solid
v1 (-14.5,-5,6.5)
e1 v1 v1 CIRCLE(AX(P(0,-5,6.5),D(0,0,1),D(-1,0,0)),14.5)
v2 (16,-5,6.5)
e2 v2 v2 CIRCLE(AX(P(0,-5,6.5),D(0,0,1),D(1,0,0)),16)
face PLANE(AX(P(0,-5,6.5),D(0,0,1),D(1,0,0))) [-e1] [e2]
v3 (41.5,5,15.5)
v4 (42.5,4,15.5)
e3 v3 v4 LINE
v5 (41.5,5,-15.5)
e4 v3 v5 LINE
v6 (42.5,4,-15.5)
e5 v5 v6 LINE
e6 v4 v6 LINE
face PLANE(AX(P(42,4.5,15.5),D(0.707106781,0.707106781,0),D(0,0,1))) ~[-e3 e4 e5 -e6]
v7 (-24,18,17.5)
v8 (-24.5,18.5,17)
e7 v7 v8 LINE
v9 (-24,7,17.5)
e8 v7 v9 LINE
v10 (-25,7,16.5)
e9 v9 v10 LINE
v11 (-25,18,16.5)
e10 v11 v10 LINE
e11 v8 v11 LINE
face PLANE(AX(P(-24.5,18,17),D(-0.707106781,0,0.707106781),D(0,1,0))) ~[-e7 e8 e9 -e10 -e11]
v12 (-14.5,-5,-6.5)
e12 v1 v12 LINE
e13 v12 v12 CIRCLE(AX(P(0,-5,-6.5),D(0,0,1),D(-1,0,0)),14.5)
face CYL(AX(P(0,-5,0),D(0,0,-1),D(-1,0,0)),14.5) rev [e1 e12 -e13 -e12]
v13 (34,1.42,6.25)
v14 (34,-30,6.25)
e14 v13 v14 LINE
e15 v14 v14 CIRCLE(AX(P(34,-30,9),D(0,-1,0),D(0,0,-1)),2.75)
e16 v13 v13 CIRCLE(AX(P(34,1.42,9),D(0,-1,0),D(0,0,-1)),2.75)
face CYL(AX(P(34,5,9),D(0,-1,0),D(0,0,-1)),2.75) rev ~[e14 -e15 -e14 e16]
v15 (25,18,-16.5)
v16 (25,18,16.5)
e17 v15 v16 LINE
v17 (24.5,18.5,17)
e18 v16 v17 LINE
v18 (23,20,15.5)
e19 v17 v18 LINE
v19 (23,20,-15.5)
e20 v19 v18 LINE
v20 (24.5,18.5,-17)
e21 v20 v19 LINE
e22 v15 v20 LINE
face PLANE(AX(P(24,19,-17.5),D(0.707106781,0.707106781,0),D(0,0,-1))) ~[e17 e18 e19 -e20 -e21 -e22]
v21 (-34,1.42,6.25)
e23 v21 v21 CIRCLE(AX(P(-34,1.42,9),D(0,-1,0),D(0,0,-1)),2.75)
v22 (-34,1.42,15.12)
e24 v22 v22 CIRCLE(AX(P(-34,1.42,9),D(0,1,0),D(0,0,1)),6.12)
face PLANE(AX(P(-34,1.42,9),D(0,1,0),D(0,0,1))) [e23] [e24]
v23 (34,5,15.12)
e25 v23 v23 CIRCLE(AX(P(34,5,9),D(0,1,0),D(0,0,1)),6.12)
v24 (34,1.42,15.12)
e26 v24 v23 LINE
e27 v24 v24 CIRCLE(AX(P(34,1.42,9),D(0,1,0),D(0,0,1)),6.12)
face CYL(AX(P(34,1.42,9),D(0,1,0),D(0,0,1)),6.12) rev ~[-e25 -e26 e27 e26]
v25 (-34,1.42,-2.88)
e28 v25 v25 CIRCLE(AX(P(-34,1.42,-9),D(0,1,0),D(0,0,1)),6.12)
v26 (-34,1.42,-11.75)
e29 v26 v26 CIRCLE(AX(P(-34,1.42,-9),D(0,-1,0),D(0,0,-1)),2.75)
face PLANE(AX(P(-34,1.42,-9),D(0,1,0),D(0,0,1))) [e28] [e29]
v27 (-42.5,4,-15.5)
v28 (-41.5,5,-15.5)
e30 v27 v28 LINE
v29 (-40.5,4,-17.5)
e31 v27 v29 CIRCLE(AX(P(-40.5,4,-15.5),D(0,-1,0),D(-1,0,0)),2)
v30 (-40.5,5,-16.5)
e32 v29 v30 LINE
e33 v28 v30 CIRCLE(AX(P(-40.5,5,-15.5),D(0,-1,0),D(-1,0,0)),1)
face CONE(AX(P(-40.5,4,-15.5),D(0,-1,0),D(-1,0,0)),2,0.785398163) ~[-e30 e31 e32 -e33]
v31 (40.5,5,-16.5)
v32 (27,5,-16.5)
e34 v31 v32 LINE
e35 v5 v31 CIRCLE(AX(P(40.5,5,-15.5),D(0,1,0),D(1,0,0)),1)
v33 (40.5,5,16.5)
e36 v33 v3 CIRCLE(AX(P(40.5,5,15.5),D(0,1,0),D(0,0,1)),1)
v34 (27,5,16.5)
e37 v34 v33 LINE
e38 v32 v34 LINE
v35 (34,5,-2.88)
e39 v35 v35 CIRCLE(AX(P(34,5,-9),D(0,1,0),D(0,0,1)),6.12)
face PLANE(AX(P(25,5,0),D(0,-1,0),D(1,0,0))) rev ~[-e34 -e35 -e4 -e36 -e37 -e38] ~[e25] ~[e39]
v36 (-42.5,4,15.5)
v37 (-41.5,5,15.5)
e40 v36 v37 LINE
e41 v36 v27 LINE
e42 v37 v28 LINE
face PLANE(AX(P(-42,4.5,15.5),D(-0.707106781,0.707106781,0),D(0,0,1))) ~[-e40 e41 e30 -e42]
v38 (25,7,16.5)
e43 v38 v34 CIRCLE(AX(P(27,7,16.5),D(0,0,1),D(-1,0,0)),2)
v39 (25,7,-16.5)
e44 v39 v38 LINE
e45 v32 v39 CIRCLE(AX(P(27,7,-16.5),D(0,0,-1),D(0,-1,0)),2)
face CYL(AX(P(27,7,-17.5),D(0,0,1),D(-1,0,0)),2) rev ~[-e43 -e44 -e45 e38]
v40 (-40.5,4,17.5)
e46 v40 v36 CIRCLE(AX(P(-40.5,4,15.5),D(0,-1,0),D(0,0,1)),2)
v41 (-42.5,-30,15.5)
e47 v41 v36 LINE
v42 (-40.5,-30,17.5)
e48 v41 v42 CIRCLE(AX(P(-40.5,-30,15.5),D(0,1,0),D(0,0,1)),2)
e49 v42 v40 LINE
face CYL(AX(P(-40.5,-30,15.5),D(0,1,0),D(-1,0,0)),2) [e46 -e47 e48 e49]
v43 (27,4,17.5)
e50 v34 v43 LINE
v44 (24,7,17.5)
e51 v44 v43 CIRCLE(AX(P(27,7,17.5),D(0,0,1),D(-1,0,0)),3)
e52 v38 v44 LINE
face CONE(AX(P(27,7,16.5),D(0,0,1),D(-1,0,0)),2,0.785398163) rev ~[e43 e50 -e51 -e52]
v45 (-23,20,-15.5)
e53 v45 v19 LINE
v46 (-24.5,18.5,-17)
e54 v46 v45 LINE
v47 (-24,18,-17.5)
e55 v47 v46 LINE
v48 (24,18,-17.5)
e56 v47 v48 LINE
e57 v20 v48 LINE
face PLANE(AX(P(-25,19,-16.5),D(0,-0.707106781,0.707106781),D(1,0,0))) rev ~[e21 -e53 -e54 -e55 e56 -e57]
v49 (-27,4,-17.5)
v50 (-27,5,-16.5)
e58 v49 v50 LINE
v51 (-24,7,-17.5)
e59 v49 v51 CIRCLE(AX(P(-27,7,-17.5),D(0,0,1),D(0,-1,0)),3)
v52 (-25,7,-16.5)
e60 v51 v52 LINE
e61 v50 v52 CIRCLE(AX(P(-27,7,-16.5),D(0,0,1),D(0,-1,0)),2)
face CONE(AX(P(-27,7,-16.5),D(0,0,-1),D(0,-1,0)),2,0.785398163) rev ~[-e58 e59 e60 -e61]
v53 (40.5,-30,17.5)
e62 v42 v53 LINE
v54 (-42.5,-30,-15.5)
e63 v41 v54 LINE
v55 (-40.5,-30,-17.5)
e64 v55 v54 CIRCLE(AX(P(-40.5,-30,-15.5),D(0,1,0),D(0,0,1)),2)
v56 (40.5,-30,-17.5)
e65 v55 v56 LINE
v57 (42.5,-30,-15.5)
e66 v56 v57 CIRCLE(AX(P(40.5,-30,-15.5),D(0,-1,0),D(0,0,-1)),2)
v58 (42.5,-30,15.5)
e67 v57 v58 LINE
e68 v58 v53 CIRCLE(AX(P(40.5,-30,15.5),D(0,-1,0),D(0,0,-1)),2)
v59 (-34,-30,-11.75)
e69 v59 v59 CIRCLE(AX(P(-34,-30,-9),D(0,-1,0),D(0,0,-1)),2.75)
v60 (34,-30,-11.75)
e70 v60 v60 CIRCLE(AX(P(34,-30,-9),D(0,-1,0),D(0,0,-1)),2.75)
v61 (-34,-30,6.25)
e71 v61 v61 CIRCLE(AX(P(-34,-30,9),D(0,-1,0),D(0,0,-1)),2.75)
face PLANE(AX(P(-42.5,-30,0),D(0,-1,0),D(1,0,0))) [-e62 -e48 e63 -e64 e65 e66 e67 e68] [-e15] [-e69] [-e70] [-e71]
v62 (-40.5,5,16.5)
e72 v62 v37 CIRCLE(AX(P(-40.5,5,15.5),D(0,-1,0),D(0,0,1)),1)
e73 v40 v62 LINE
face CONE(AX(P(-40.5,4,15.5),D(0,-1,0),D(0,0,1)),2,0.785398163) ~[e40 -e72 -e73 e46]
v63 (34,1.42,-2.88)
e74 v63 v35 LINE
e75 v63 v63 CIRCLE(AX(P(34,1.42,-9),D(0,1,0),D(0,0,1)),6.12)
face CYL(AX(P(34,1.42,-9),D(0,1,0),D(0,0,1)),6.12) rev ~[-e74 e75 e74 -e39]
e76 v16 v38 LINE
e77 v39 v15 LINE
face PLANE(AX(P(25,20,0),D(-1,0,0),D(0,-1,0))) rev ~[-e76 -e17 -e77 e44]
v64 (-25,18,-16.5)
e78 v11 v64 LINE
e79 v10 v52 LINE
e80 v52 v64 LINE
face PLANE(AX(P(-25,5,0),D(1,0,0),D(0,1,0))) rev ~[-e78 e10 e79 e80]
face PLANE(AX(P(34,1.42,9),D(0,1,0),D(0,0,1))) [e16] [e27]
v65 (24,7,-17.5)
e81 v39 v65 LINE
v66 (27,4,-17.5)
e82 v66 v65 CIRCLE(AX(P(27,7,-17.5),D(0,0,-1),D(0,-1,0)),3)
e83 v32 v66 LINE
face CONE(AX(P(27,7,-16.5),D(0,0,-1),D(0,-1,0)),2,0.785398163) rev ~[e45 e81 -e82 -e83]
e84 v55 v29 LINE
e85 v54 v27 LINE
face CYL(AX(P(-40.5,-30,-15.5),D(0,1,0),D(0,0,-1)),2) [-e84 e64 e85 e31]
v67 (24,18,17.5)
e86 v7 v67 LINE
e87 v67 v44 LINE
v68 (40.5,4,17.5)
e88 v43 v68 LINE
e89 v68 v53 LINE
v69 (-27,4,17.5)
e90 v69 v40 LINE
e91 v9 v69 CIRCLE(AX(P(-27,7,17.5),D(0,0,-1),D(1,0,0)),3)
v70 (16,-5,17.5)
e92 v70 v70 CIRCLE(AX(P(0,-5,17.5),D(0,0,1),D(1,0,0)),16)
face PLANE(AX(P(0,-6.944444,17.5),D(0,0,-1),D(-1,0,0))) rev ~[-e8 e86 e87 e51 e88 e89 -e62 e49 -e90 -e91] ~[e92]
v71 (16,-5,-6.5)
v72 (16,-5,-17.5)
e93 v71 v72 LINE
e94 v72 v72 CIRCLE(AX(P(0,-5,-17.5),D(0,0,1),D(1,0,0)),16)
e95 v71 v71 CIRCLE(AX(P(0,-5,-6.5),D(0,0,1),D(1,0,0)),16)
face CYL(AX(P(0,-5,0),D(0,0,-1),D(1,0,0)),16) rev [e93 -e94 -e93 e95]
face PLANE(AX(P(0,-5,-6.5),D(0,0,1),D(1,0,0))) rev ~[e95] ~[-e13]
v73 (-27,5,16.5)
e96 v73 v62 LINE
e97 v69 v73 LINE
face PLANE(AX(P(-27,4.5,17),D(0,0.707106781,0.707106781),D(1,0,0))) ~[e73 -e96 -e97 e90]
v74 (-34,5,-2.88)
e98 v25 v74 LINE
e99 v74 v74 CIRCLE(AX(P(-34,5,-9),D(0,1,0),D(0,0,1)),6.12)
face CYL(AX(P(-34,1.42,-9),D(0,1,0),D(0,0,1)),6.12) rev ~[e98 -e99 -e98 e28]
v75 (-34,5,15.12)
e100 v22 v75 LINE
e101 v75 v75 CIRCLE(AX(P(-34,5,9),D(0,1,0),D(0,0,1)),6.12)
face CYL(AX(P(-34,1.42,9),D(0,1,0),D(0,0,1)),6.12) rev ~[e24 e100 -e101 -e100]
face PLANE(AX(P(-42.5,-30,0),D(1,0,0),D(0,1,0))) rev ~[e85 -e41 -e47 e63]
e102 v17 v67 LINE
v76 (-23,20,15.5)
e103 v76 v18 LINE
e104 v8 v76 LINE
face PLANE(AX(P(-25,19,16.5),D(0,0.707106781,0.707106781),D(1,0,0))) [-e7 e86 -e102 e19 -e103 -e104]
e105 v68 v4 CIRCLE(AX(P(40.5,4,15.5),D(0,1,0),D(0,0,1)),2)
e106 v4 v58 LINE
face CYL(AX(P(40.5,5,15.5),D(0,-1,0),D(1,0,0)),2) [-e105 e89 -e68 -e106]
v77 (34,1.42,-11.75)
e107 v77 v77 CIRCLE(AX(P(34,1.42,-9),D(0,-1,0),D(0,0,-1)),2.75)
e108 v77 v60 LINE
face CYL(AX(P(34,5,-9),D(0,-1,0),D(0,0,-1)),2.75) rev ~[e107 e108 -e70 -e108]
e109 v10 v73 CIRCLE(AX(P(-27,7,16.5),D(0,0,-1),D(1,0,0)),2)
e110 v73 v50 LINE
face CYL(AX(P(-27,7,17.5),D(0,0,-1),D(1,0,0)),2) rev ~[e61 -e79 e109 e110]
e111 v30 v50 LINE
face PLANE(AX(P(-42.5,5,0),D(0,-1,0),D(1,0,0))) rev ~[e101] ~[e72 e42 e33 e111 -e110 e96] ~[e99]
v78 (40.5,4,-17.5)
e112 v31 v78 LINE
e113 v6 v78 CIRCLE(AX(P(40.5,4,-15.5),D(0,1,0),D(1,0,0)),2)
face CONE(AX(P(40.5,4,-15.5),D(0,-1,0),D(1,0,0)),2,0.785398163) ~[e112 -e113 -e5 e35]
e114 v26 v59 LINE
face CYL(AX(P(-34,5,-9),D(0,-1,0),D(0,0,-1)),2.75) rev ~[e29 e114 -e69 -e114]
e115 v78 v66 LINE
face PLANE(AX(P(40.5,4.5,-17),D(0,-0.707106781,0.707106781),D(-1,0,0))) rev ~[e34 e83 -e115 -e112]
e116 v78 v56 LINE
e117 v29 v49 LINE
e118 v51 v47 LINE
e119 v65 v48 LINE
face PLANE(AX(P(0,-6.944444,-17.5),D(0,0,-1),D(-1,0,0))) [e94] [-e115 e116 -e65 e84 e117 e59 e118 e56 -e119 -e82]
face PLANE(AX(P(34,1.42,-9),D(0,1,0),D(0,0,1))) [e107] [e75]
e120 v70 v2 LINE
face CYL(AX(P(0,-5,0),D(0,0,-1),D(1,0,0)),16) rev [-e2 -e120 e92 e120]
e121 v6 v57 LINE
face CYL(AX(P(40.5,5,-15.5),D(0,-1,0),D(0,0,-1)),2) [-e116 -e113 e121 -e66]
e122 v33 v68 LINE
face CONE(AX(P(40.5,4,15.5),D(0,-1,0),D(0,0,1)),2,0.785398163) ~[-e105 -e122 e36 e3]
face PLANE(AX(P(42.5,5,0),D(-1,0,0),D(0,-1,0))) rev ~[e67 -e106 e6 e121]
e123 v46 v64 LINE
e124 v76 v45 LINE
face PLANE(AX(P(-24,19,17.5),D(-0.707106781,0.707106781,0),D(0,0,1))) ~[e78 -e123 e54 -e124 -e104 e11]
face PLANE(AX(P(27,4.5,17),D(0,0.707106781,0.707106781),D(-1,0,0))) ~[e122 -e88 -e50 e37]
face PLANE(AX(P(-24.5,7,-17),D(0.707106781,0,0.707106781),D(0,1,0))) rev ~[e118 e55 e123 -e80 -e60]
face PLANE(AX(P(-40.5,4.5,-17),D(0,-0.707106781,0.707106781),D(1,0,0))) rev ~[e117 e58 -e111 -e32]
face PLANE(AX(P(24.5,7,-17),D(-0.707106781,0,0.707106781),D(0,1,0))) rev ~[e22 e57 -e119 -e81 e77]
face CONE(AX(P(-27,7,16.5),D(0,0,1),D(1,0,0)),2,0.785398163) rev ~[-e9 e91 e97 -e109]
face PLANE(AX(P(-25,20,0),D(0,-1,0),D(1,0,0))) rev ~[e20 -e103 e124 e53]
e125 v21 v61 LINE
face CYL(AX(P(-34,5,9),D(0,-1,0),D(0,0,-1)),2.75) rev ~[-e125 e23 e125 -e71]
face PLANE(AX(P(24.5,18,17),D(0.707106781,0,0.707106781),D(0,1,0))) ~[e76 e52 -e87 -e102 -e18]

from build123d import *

# Parameters (mm, degrees)
SKETCH1_R                               = 16
BOSS_EXTRUDE1_DEPTH                     = 17.5
SKETCH2_R                               = 16
SKETCH2_R_2                             = 14.5
BOSS_EXTRUDE2_DEPTH                     = 6.5
SKETCH3_R                               = 2.6
CUT_EXTRUDE1_DEPTH                      = 58.771100041
CBORE_FOR_M5_HEX_HEAD_BOLT1_D           = 5.5
CBORE_FOR_M5_HEX_HEAD_BOLT1_CBORE_D     = 12.24
CBORE_FOR_M5_HEX_HEAD_BOLT1_CBORE_DEPTH = 3.58
CHAMFER1_SIZE                           = 2
FILLET1_R                               = 2
CHAMFER2_SIZE                           = 1


with BuildPart() as part:
    # Sketch1 → Boss-Extrude1 (new, symmetric)
    with BuildSketch(Plane.XY):
        Polygon((-25, -30), (-42.5, -30), (-42.5, 5), (-25, 5), (-25, 20), (25, 20), (25, 5), (42.5, 5), (42.5, -30), (25, -30), align=None)
        with Locations((0, -5)):
            Circle(SKETCH1_R, mode=Mode.SUBTRACT)
    extrude(amount=BOSS_EXTRUDE1_DEPTH, both=True)

    # Sketch2 → Boss-Extrude2 (add, symmetric)
    with BuildSketch(Plane.XY):
        with Locations((0, -5)):
            Circle(SKETCH2_R)
        with Locations(Location((0, -5, 0), (0, 0, 180))):
            Circle(SKETCH2_R_2, mode=Mode.SUBTRACT)
    extrude(amount=BOSS_EXTRUDE2_DEPTH, both=True)

    # Sketch3 → Cut-Extrude1 (cut, through all)
    with BuildSketch(Plane(origin=(0, 5, 0), x_dir=(1, 0, 0), z_dir=(0, 1, 0))):
        with Locations(Location((-34, 9, 0), (0, 0, 270))):
            Circle(SKETCH3_R)
        with Locations(Location((-34, -9, 0), (0, 0, 90))):
            Circle(SKETCH3_R)
        with Locations(Location((34, 9, 0), (0, 0, 90))):
            Circle(SKETCH3_R)
        with Locations(Location((34, -9, 0), (0, 0, 270))):
            Circle(SKETCH3_R)
    extrude(amount=-CUT_EXTRUDE1_DEPTH, mode=Mode.SUBTRACT)

    # CBORE for M5 Hex Head Bolt1 (through all)
    with Locations(Plane(origin=(-34, 5, -9), x_dir=(0, 0, 1), z_dir=(0, 1, 0))):
        with Locations((0, 0), (18, 0), (18, 68), (0, 68)):
            CounterBoreHole(CBORE_FOR_M5_HEX_HEAD_BOLT1_D / 2, CBORE_FOR_M5_HEX_HEAD_BOLT1_CBORE_D / 2, CBORE_FOR_M5_HEX_HEAD_BOLT1_CBORE_DEPTH)

    # Chamfer1
    chamfer1_edges = [part.edges().sort_by_distance(p)[0] for p in [
        (0, 20, -17.5),
        (-25, 20, 0),
        (25, 20, 0),
        (0, 20, 17.5),
    ]]
    chamfer(chamfer1_edges, length=CHAMFER1_SIZE)

    # Fillet1
    fillet1_edges = [part.edges().sort_by_distance(p)[0] for p in [
        (42.5, -12.5, -17.5),
        (-42.5, -12.5, 17.5),
        (-42.5, -12.5, -17.5),
        (25, 5, 0),
        (-25, 5, 0),
        (42.5, -12.5, 17.5),
    ]]
    fillet(fillet1_edges, radius=FILLET1_R)

    # Chamfer2
    chamfer2_edges = [part.edges().sort_by_distance(p)[0] for p in [
        (-33.75, 5, -17.5),
        (-42.5, 5, 0),
        (-33.75, 5, 17.5),
        (-41.914213562, 5, -16.914213562),
        (-41.914213562, 5, 16.914213562),
        (25, 12.5, 17.5),
        (33.75, 5, 17.5),
        (25, 12.5, -17.5),
        (33.75, 5, -17.5),
        (42.5, 5, 0),
        (41.914213562, 5, -16.914213562),
        (41.914213562, 5, 16.914213562),
        (-25.585786438, 5.585786438, -17.5),
        (-25.585786438, 5.585786438, 17.5),
        (25.585786438, 5.585786438, -17.5),
        (25.585786438, 5.585786438, 17.5),
        (-25, 12.5, 17.5),
        (-25, 12.5, -17.5),
    ]]
    chamfer(chamfer2_edges, length=CHAMFER2_SIZE)


solid = part.part
